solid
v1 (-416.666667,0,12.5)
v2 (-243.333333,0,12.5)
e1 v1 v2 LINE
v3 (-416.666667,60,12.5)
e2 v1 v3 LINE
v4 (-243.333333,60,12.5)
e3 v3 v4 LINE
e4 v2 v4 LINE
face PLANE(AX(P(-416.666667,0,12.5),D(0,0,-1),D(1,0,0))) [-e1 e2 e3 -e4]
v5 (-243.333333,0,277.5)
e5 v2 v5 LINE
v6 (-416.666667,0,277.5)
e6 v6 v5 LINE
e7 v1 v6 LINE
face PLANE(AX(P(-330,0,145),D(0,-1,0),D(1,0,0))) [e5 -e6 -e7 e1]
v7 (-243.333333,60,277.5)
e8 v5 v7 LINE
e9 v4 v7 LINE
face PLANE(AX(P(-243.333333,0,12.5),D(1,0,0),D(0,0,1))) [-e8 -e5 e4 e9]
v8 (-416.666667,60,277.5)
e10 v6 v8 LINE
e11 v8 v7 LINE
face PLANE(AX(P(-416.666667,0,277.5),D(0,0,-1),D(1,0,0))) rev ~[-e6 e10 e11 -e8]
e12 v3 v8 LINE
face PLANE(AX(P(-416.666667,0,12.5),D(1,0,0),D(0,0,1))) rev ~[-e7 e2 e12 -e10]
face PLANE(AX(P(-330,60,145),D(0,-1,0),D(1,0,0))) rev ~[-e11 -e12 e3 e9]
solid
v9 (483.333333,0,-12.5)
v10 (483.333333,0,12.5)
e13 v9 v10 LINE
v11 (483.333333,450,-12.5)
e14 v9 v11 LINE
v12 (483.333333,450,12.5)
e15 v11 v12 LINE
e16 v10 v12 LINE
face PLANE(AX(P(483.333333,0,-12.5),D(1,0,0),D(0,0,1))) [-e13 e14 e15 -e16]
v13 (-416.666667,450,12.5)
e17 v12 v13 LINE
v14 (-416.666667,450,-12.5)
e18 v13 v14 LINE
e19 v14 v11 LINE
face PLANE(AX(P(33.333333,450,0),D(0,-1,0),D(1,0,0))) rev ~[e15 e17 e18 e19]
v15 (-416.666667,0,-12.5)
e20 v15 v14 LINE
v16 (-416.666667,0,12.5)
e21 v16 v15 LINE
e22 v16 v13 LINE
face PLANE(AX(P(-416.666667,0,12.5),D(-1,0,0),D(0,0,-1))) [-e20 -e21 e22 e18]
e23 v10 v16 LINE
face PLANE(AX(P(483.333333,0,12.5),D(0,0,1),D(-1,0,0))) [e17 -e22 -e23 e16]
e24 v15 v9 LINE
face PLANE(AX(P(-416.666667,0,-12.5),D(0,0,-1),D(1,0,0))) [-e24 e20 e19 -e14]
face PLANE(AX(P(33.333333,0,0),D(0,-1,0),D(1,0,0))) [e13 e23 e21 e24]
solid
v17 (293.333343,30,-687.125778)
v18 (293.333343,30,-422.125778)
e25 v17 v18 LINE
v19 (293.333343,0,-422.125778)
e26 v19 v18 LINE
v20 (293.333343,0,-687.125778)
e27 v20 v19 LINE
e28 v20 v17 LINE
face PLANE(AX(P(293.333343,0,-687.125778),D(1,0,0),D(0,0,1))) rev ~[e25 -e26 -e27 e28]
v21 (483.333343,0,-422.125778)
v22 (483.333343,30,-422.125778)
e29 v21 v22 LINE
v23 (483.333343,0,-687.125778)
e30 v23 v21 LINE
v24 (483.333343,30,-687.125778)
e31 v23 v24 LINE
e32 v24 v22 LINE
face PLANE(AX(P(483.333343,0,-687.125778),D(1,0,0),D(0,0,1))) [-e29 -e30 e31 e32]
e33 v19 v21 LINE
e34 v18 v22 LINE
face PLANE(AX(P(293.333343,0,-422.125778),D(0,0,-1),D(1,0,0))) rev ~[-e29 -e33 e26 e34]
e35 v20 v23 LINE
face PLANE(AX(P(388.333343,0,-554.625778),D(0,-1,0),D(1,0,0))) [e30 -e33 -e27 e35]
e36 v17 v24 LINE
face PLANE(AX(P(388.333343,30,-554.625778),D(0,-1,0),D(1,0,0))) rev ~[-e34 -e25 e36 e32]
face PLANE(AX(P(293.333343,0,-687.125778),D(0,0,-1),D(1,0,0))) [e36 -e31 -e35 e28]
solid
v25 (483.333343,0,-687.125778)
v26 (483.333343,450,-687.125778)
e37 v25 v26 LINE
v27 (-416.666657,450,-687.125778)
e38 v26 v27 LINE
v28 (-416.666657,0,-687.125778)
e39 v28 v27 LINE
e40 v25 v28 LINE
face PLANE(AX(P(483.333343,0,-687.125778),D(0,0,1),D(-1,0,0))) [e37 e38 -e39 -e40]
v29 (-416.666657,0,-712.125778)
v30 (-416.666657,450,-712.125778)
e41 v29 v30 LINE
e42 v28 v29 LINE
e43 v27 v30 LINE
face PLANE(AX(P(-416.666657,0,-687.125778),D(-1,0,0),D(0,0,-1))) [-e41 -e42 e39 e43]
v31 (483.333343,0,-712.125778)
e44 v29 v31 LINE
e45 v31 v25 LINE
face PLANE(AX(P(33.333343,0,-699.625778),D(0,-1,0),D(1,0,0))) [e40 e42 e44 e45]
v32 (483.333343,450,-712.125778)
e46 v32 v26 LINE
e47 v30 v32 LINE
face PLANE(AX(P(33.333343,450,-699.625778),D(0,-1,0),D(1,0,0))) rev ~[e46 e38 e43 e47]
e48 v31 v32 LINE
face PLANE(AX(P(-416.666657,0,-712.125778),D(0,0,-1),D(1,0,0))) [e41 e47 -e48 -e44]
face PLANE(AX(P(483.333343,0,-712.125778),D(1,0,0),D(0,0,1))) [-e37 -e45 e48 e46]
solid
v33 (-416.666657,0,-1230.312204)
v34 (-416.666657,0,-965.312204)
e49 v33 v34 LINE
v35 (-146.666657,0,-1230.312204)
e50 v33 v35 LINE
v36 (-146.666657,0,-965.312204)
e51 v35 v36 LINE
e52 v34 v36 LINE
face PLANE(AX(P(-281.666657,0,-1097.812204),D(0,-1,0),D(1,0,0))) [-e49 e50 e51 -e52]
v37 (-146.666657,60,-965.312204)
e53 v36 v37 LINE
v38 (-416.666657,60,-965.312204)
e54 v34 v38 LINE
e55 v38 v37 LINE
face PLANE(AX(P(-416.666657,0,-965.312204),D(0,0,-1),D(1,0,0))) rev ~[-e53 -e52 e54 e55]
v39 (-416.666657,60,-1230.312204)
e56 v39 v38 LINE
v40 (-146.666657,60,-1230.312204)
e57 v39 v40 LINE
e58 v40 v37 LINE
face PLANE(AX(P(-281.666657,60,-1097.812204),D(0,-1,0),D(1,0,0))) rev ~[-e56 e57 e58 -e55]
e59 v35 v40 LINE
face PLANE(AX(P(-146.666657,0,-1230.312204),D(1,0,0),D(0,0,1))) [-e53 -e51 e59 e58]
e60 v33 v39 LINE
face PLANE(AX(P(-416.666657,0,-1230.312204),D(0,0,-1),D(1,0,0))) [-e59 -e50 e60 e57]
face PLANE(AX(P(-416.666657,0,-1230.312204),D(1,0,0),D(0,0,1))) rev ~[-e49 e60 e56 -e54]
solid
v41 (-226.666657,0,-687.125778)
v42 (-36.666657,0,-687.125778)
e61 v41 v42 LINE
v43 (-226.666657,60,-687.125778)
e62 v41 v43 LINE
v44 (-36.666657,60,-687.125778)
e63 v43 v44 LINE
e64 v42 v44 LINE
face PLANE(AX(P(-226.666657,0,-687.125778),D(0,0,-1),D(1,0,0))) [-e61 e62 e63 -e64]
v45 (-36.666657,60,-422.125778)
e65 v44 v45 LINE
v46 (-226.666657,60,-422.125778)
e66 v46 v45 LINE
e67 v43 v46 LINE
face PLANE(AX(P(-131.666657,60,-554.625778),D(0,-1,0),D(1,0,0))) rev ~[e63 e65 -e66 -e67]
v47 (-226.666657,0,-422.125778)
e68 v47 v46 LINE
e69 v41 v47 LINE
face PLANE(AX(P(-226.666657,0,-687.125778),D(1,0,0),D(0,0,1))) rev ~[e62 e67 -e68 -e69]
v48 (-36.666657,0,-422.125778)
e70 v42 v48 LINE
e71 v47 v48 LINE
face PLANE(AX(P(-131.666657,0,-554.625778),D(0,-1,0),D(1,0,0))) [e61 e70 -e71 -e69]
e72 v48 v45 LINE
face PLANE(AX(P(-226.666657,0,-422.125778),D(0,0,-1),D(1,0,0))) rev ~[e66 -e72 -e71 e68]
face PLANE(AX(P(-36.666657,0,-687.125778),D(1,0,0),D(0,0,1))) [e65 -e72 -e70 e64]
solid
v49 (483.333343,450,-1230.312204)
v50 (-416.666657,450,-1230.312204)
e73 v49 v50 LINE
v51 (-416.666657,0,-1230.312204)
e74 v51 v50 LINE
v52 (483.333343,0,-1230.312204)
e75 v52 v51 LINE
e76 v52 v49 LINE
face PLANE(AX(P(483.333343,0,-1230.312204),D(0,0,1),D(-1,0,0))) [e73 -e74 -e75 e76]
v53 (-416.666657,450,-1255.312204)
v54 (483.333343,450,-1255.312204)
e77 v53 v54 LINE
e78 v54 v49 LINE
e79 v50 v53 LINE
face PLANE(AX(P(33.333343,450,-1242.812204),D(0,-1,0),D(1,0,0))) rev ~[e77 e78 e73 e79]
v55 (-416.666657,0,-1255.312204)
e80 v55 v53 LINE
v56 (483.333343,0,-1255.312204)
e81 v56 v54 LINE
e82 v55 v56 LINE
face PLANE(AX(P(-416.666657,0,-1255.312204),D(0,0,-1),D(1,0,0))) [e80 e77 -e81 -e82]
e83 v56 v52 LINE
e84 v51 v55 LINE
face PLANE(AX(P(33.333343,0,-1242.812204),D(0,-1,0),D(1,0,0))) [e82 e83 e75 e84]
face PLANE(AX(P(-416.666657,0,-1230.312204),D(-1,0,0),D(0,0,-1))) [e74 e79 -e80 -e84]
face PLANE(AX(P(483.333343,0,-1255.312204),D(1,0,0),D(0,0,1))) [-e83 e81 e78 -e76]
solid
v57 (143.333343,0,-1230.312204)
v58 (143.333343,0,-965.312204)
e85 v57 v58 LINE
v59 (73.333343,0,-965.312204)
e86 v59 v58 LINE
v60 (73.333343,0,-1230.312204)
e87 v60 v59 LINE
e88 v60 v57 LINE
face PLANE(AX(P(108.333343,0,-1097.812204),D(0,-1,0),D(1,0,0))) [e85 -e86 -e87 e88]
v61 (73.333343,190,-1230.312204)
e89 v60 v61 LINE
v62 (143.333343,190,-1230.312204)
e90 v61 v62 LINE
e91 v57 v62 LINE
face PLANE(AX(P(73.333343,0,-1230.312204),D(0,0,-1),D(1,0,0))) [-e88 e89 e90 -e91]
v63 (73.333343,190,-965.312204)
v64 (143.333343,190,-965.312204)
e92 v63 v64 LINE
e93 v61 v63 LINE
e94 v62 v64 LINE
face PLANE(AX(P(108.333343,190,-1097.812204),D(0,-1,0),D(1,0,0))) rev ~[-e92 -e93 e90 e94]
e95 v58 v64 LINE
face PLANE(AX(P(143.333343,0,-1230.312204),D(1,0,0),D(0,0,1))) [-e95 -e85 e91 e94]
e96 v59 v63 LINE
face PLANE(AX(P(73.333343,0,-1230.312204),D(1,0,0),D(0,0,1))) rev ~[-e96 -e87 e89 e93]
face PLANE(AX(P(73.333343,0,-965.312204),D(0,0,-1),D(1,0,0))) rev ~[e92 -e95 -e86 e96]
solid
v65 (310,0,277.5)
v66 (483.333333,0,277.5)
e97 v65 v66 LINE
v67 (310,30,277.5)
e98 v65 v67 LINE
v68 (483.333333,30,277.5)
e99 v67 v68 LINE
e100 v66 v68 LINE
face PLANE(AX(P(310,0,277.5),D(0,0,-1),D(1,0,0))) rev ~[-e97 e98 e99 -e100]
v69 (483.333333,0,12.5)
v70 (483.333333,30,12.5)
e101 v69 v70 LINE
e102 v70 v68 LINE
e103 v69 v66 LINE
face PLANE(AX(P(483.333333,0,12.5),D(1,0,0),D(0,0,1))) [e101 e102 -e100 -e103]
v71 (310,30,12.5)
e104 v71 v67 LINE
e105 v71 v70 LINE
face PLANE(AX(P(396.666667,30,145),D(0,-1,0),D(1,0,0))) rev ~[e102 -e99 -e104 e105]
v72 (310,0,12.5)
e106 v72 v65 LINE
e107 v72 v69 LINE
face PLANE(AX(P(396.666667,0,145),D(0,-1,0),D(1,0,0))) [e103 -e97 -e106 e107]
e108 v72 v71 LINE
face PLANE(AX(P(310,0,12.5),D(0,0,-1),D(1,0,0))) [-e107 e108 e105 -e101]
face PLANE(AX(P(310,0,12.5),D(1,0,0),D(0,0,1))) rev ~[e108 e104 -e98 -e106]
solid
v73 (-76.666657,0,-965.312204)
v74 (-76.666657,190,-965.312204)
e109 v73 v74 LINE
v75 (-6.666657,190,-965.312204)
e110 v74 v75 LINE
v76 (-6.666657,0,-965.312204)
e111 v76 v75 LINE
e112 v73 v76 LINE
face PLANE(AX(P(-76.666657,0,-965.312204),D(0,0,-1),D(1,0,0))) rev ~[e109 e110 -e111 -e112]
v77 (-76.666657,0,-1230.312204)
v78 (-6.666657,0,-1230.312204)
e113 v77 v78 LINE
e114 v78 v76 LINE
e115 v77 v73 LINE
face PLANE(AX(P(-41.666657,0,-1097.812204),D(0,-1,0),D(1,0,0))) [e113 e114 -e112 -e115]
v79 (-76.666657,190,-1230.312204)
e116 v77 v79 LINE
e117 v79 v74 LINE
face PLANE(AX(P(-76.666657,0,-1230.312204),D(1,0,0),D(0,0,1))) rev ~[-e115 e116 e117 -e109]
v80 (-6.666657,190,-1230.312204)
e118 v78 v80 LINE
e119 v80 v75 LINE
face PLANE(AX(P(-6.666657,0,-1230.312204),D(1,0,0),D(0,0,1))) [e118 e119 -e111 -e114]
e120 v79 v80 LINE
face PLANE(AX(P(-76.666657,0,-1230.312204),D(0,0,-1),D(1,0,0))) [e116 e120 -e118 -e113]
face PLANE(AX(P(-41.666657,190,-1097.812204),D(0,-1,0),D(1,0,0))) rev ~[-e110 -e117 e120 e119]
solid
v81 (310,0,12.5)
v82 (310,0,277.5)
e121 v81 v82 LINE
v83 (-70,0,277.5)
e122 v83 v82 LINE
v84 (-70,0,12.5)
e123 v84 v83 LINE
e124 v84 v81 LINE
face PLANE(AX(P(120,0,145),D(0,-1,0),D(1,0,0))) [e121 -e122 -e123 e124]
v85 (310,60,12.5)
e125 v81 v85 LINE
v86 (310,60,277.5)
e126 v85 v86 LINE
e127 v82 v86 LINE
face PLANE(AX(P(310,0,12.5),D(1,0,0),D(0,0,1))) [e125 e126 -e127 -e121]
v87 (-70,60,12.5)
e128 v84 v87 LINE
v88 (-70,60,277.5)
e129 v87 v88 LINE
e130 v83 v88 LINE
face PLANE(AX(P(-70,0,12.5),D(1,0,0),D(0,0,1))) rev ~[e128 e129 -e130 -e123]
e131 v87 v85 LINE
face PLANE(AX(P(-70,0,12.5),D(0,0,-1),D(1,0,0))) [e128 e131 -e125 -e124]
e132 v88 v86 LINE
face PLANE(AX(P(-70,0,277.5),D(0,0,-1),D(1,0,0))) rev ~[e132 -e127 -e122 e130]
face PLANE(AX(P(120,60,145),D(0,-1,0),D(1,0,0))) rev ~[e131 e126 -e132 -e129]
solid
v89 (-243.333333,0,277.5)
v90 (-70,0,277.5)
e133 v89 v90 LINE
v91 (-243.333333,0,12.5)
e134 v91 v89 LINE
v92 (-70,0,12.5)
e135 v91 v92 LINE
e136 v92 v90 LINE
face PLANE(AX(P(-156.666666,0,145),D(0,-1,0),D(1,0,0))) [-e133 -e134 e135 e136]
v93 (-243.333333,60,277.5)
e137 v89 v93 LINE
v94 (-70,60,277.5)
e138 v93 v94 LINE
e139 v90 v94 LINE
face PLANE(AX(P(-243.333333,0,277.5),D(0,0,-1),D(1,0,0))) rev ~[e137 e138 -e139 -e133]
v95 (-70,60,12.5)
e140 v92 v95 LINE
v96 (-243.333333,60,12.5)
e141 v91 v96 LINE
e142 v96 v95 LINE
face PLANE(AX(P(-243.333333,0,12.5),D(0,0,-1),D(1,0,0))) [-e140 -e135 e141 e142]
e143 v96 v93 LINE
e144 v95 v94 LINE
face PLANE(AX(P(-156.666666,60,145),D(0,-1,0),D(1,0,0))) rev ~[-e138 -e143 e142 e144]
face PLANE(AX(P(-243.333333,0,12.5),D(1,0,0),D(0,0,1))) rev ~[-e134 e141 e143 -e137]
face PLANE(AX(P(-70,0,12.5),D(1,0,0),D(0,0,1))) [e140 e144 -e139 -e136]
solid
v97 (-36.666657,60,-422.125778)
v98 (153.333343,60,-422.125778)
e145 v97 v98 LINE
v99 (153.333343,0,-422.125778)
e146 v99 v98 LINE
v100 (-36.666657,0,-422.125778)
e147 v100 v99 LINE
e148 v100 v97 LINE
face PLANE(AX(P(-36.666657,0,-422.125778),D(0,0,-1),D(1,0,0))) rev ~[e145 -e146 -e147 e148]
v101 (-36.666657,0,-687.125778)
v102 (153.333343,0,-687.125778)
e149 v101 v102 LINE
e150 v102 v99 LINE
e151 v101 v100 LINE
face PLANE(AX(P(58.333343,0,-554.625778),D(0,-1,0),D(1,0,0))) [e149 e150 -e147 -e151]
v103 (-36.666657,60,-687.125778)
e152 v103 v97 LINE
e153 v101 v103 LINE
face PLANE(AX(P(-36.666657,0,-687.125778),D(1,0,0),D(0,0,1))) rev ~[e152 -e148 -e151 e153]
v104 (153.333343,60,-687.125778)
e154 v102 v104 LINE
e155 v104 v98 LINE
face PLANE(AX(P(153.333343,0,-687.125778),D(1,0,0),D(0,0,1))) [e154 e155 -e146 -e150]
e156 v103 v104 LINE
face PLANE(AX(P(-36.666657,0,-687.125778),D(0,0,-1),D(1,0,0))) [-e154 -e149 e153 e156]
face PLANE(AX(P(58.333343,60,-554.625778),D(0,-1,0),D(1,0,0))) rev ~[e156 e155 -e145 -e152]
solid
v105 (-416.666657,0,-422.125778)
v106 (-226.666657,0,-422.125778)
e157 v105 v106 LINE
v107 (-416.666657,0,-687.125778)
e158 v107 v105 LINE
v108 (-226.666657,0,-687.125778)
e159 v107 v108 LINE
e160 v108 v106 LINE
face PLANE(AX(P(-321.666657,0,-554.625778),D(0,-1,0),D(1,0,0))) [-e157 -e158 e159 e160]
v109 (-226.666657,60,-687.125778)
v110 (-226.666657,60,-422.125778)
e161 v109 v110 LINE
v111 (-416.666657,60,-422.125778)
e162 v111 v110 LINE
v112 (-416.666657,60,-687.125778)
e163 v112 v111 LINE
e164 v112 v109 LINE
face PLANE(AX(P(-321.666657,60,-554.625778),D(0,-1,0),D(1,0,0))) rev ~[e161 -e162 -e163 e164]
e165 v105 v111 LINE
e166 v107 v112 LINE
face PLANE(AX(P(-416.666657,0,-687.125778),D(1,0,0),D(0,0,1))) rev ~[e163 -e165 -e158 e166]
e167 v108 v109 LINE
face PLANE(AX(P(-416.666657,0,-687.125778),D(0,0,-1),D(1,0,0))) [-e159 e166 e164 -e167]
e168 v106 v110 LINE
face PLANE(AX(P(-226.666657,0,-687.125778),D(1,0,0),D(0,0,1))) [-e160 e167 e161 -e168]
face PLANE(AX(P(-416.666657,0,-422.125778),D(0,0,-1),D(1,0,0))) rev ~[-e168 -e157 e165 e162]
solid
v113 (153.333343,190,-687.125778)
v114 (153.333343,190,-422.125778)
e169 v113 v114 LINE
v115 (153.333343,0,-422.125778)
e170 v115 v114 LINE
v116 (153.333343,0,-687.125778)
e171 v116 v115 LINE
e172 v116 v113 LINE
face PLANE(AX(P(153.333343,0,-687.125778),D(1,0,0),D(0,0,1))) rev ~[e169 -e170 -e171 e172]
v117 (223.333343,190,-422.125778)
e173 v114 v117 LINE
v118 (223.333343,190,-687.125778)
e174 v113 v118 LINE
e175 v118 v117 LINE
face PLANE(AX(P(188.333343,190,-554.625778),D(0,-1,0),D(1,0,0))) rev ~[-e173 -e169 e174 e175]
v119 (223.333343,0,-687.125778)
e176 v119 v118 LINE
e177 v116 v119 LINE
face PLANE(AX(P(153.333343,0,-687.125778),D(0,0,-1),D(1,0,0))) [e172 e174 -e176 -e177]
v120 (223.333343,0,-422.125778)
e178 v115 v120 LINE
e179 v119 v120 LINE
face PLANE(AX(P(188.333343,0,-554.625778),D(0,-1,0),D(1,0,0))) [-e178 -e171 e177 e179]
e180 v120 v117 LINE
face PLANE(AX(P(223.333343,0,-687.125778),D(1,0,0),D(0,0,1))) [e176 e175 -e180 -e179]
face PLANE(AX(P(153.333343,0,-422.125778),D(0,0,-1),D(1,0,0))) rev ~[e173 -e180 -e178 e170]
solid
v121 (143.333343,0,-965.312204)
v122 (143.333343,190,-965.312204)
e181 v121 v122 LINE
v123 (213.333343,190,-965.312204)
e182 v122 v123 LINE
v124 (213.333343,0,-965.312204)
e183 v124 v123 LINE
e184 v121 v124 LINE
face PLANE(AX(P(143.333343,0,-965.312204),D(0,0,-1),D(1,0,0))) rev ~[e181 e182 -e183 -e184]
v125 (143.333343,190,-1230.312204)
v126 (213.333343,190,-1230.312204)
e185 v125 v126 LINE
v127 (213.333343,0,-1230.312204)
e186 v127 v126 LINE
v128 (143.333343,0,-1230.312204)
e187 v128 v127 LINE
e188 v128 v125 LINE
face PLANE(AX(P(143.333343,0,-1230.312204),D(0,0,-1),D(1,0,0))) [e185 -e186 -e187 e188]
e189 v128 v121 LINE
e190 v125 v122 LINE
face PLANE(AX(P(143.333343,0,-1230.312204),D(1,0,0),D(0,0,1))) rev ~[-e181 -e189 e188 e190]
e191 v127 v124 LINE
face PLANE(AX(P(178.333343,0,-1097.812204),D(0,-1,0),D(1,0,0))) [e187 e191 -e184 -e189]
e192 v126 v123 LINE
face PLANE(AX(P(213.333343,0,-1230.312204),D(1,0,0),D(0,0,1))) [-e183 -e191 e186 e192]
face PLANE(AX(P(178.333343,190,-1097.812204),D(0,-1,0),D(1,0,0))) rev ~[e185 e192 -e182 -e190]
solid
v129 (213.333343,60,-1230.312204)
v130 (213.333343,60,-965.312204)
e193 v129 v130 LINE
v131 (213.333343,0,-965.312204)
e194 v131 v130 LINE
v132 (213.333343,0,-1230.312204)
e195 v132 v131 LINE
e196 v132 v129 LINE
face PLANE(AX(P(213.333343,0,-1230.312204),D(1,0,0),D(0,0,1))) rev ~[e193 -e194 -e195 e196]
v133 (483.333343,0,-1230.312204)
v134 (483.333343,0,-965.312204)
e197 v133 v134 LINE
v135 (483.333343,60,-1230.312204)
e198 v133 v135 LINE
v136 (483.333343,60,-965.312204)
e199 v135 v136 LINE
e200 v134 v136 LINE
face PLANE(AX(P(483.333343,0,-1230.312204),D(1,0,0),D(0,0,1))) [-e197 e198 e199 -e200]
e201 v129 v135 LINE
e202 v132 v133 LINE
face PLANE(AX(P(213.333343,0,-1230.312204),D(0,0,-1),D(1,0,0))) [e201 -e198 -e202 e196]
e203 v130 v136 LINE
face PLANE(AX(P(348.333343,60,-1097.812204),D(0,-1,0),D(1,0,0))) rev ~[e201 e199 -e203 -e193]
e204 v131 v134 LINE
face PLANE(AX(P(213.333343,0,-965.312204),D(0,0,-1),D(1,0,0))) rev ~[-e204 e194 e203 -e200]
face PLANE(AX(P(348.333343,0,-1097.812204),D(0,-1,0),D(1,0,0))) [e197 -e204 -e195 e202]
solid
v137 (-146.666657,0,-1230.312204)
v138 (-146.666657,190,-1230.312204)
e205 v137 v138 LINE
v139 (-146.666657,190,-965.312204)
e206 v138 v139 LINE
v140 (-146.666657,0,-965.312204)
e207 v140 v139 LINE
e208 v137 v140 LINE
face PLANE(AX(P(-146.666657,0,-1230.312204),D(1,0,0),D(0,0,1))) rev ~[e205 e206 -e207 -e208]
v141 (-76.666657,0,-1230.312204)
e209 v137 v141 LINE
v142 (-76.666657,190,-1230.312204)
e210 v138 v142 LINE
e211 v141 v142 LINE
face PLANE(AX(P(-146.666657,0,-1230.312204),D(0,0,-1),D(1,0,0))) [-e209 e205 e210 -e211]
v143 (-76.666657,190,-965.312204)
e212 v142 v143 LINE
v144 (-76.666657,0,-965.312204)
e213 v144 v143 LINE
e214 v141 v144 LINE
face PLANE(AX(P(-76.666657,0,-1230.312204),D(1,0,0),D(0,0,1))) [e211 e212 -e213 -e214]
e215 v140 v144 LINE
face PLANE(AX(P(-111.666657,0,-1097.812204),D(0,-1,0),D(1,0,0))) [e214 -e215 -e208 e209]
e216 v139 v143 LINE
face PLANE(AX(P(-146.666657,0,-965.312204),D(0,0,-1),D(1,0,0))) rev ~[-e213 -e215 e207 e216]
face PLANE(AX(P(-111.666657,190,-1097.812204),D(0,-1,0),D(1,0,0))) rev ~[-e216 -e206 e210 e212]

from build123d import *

# Parameters (mm, degrees)
F1_DEPTH = 450
F0_W     = 173.333334
F0_H     = 265
F0_W_2   = 190
F0_W_3   = 270
F2_DEPTH = 60
F0_W_4   = 173.333333
F3_DEPTH = 60
F0_W_5   = 380
F4_DEPTH = 60
F5_DEPTH = 30
F6_DEPTH = 60
F0_W_6   = 70
F7_DEPTH = 190
F8_DEPTH = 190


with BuildPart() as f1:
    # F0 (on Front) → F1 (new body)
    with BuildSketch(Plane.XZ):
        Polygon((-416.666667, -12.5), (483.333333, -12.5), (483.333333, 12.5), (310, 12.5), (-70, 12.5), (-243.333333, 12.5), (-416.666667, 12.5), align=None)
        Polygon((-416.666657, -712.125778), (483.333343, -712.125778), (483.333343, -687.125778), (293.333343, -687.125778), (223.333343, -687.125778), (153.333343, -687.125778), (-36.666657, -687.125778), (-226.666657, -687.125778), (-416.666657, -687.125778), align=None)
        Polygon((-416.666657, -1255.312204), (483.333343, -1255.312204), (483.333343, -1230.312204), (213.333343, -1230.312204), (143.333343, -1230.312204), (73.333343, -1230.312204), (-6.666657, -1230.312204), (-76.666657, -1230.312204), (-146.666657, -1230.312204), (-416.666657, -1230.312204), align=None)
    extrude(amount=-F1_DEPTH)


with BuildPart() as f2:
    # F0 (on Front) → F2 (new body)
    with BuildSketch(Plane.XZ):
        with Locations((-330, 145)):
            Rectangle(F0_W, F0_H)
        with Locations((-321.666657, -554.625778)):
            Rectangle(F0_W_2, F0_H)
        with Locations((58.333343, -554.625778)):
            Rectangle(F0_W_2, F0_H)
        with Locations((-281.666657, -1097.812204)):
            Rectangle(F0_W_3, F0_H)
        with Locations((348.333343, -1097.812204)):
            Rectangle(F0_W_3, F0_H)
    extrude(amount=-F2_DEPTH)


with BuildPart() as f3:
    # F0 (on Front) → F3 (new body)
    with BuildSketch(Plane.XZ):
        with Locations((-156.666666, 145)):
            Rectangle(F0_W_4, F0_H)
    extrude(amount=-F3_DEPTH)


with BuildPart() as f4:
    # F0 (on Front) → F4 (new body)
    with BuildSketch(Plane.XZ):
        with Locations((120, 145)):
            Rectangle(F0_W_5, F0_H)
    extrude(amount=-F4_DEPTH)


with BuildPart() as f5:
    # F0 (on Front) → F5 (new body)
    with BuildSketch(Plane.XZ):
        with Locations((396.666667, 145)):
            Rectangle(F0_W_4, F0_H)
        with Locations((388.333343, -554.625778)):
            Rectangle(F0_W_2, F0_H)
    extrude(amount=-F5_DEPTH)


with BuildPart() as f6:
    # F0 (on Front) → F6 (new body)
    with BuildSketch(Plane.XZ):
        with Locations((-131.666657, -554.625778)):
            Rectangle(F0_W_2, F0_H)
    extrude(amount=-F6_DEPTH)


with BuildPart() as f7:
    # F0 (on Front) → F7 (new body)
    with BuildSketch(Plane.XZ):
        with Locations((188.333343, -554.625778)):
            Rectangle(F0_W_6, F0_H)
        with Locations((-111.666657, -1097.812204)):
            Rectangle(F0_W_6, F0_H)
        with Locations((178.333343, -1097.812204)):
            Rectangle(F0_W_6, F0_H)
    extrude(amount=-F7_DEPTH)


with BuildPart() as f8:
    # F0 (on Front) → F8 (new body)
    with BuildSketch(Plane.XZ):
        with Locations((-41.666657, -1097.812204)):
            Rectangle(F0_W_6, F0_H)
        with Locations((108.333343, -1097.812204)):
            Rectangle(F0_W_6, F0_H)
    extrude(amount=-F8_DEPTH)


solid = Compound([f1.part, f2.part, f3.part, f4.part, f5.part, f6.part, f7.part, f8.part])
